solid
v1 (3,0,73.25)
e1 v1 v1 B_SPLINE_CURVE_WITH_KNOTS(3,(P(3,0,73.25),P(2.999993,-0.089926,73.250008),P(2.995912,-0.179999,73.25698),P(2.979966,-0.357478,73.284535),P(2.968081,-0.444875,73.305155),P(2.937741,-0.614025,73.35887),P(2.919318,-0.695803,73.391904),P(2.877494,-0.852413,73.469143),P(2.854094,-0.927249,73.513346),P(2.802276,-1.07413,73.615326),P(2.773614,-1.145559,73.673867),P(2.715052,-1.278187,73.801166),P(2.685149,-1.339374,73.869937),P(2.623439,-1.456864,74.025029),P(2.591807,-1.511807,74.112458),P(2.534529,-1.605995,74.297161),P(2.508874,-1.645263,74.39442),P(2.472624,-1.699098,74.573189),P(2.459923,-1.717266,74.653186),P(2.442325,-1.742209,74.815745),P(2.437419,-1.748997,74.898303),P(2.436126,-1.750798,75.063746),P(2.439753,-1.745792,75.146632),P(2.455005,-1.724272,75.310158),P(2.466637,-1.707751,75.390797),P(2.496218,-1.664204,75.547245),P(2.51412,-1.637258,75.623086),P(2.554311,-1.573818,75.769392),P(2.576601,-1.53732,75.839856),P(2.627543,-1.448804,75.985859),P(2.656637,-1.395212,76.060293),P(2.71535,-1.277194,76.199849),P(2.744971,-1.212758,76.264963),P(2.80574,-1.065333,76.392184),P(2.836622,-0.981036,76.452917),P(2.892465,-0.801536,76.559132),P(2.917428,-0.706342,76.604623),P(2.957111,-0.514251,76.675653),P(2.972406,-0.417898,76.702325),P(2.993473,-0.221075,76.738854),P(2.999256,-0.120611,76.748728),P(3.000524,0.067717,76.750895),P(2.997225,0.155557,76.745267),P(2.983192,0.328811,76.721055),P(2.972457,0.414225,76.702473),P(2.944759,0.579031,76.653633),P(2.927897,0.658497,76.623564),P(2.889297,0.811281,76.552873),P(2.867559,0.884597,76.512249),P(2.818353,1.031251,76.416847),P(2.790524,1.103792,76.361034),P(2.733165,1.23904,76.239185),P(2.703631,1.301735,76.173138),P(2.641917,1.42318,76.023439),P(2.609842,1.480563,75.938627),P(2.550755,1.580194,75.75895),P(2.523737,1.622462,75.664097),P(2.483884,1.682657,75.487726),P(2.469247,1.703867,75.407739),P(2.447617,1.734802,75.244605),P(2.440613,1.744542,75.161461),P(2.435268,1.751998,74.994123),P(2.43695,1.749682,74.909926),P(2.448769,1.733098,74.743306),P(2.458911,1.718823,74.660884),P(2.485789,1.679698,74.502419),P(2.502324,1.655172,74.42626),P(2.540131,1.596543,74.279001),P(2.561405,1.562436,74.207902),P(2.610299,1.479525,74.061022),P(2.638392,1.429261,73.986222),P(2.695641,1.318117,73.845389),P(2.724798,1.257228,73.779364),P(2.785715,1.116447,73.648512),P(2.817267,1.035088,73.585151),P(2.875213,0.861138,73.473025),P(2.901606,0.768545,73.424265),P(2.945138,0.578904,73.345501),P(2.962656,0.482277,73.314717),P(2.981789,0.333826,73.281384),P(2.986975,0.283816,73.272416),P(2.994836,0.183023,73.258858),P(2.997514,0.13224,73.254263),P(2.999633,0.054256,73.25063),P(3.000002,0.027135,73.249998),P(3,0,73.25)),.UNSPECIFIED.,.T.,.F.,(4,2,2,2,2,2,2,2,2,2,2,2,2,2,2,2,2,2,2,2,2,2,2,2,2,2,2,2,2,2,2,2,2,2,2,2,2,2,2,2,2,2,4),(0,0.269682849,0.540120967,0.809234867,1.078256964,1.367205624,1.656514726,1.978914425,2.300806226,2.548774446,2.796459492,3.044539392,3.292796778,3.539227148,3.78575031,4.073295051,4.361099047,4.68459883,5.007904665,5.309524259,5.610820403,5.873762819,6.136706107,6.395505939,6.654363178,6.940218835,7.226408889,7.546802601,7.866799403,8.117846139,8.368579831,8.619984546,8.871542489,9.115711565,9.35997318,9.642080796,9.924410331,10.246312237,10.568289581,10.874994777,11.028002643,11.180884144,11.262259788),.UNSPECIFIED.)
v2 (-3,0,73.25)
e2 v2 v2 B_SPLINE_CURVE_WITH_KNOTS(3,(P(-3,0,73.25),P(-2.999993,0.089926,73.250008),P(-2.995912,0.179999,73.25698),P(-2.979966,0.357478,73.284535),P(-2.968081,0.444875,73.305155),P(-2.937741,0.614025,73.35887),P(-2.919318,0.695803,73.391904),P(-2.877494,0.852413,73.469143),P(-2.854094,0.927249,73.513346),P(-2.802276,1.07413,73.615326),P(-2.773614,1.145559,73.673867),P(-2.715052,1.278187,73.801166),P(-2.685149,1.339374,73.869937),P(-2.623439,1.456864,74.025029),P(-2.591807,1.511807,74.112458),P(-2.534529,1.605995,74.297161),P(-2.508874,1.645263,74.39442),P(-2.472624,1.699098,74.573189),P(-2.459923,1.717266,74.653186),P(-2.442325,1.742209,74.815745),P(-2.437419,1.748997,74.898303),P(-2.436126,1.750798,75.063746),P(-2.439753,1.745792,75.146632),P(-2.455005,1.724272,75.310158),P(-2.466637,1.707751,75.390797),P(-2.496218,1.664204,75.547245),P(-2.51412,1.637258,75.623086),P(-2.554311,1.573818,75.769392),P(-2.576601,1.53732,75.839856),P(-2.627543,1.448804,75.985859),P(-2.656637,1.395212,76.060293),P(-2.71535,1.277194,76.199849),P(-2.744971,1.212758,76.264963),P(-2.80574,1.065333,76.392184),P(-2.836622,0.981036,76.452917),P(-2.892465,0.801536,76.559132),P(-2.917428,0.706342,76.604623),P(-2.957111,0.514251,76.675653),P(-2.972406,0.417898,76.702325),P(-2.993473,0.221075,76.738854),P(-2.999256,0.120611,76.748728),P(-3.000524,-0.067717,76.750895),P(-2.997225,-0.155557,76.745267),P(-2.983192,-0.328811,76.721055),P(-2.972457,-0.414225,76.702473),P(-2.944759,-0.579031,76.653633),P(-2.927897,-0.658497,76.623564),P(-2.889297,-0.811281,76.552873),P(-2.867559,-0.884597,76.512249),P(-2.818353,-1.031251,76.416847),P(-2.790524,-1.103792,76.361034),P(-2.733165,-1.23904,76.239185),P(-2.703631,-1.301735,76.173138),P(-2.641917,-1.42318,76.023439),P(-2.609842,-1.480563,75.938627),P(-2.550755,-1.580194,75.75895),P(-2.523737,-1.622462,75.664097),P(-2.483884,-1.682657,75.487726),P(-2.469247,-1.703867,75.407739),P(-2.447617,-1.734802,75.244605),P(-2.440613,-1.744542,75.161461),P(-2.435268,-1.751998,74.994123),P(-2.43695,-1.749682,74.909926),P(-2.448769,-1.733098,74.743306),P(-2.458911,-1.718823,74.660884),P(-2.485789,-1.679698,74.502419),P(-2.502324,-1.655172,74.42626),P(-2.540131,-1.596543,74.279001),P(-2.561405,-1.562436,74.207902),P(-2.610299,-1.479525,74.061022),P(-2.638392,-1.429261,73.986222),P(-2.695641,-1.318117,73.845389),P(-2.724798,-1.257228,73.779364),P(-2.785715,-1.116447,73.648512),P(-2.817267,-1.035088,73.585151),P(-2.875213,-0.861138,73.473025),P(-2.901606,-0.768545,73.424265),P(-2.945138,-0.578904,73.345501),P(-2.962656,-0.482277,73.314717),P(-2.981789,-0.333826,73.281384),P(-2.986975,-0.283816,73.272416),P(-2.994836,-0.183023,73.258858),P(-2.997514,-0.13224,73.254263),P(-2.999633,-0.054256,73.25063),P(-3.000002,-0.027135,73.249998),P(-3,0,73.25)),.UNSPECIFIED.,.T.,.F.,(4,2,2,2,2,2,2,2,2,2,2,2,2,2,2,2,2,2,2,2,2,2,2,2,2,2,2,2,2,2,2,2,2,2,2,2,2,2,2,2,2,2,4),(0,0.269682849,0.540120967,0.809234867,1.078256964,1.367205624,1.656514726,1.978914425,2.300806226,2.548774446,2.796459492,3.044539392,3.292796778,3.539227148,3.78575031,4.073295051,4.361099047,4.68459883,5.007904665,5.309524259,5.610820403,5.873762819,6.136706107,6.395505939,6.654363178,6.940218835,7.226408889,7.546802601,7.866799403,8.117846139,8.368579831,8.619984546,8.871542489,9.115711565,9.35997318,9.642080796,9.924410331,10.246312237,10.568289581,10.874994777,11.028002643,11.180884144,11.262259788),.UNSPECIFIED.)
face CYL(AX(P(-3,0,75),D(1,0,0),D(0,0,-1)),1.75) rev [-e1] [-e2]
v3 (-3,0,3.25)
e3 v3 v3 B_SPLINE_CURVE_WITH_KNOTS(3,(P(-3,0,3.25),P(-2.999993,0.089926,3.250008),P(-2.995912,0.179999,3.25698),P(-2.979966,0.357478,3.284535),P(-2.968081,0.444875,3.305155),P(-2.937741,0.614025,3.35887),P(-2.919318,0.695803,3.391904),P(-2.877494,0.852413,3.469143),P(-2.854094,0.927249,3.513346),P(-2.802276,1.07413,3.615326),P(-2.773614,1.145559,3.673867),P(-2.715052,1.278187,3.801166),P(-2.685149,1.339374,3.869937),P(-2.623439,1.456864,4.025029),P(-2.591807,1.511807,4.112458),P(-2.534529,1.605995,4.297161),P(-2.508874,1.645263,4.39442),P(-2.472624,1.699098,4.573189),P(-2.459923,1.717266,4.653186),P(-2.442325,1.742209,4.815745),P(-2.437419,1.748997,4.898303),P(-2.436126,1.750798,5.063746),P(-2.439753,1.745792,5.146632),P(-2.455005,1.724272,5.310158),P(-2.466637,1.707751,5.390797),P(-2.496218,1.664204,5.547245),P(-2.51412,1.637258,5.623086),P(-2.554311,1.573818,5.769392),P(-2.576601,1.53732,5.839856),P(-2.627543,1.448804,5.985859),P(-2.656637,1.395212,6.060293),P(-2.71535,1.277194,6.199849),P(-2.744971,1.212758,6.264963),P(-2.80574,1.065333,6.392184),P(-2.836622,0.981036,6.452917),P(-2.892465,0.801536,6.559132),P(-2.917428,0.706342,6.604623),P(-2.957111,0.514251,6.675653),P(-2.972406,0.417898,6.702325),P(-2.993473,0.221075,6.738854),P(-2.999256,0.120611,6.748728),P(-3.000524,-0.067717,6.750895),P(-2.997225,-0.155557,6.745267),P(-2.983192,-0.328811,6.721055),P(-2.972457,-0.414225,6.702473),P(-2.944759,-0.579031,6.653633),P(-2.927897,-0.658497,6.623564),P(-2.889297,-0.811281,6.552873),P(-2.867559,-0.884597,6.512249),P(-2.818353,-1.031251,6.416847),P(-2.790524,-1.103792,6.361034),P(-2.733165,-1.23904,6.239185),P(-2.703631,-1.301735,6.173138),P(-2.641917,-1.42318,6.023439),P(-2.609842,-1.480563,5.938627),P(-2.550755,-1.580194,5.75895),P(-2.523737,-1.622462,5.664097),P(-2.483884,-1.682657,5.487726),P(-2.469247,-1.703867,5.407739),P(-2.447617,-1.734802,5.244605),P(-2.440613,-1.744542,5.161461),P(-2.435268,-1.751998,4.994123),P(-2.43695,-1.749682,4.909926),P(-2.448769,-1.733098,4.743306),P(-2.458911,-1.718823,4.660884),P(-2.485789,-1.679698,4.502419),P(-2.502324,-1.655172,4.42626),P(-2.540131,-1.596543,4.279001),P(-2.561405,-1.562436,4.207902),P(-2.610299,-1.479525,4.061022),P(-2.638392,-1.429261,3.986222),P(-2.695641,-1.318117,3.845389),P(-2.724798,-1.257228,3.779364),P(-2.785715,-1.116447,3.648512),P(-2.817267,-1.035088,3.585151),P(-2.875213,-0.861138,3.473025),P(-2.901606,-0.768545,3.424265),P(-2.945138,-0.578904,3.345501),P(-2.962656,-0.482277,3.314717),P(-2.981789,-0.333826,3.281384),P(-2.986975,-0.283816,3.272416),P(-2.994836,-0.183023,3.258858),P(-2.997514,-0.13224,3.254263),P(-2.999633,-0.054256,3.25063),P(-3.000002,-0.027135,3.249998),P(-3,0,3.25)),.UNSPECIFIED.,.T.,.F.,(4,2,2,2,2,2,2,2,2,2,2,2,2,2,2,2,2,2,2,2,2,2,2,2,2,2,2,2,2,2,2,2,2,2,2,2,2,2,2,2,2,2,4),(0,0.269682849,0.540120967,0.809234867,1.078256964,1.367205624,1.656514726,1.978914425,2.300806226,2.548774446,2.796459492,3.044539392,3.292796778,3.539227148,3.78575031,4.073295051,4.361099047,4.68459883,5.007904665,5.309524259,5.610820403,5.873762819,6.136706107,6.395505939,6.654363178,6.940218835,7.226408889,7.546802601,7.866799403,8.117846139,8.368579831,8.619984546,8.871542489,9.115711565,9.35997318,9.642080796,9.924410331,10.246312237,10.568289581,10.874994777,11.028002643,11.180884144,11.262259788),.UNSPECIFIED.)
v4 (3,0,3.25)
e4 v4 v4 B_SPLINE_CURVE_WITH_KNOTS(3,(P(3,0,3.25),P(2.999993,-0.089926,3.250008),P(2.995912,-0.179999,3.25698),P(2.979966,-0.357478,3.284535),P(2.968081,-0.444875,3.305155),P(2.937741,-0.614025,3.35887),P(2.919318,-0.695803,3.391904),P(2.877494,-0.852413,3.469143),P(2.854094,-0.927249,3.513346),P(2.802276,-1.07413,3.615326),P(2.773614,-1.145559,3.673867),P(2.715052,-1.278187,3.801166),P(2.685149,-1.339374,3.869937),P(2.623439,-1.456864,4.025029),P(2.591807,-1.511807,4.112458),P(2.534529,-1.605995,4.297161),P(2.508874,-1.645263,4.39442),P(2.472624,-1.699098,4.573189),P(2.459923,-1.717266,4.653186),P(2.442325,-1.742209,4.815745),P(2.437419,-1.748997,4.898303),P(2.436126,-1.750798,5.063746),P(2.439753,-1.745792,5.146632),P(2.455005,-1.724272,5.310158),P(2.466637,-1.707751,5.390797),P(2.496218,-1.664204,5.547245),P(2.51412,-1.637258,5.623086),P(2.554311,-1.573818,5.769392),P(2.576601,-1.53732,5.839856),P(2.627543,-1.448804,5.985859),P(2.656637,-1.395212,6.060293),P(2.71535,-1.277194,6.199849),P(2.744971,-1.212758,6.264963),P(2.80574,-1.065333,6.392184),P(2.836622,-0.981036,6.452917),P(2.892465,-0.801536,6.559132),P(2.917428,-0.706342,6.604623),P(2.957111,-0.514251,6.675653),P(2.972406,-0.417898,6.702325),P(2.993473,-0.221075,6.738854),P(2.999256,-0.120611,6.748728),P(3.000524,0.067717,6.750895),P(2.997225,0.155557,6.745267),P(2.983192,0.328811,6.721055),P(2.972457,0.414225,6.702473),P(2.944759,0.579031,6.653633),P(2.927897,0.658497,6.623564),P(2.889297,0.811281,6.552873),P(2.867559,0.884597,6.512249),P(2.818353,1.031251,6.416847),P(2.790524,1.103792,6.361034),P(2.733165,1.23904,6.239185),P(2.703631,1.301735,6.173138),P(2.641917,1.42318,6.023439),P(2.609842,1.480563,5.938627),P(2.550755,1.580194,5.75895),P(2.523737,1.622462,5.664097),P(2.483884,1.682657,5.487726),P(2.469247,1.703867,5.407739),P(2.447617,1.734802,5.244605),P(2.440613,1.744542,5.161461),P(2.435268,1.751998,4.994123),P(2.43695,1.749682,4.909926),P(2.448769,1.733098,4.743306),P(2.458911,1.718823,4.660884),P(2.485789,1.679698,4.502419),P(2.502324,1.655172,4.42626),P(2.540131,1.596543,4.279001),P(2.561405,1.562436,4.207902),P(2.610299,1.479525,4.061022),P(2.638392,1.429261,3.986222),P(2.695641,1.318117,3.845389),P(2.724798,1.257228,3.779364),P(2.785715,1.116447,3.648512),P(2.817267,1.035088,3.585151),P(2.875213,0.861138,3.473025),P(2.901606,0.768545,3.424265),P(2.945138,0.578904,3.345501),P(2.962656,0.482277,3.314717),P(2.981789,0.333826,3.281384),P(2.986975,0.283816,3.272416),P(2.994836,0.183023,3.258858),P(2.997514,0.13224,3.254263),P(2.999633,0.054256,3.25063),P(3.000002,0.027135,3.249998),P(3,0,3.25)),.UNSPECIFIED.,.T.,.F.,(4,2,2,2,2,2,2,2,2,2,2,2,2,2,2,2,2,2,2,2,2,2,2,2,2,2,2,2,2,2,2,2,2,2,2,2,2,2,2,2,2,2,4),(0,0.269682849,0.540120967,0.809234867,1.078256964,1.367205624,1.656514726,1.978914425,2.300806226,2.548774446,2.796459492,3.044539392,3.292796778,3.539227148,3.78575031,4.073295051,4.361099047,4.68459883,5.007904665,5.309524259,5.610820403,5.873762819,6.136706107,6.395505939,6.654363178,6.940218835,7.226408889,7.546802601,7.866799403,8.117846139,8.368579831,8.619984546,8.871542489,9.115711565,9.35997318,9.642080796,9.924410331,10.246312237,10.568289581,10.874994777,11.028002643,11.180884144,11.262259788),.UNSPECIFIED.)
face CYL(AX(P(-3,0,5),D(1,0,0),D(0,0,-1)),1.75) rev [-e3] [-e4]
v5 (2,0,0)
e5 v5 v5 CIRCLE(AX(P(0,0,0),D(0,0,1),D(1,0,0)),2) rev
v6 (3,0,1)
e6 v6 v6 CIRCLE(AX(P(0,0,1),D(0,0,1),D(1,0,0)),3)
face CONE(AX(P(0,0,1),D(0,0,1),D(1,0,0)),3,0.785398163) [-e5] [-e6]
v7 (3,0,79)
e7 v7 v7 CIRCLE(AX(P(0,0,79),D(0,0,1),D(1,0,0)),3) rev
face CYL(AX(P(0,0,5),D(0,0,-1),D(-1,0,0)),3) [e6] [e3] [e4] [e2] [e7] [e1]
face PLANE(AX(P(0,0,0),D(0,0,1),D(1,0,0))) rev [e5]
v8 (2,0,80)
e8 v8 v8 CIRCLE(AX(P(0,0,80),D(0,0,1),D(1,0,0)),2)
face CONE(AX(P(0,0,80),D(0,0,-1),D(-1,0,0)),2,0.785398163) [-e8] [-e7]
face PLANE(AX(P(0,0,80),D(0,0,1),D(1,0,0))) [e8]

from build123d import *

# Parameters (mm, degrees)
SKETCH_1_R          = 3
EXTRUDE_1_DEPTH     = 5
SKETCH_2_R          = 3
EXTRUDE_2_DEPTH     = 75
SKETCH_3_R          = 1.75
CUT_EXTRUDE_1_DEPTH = 81.280757346
CHAMFER_1_SIZE      = 1


with BuildPart() as part:
    # Эскиз1 → Бобышка-Вытянуть1 (new body)
    with BuildSketch(Plane.XY):
        Circle(SKETCH_1_R)
    extrude(amount=EXTRUDE_1_DEPTH)

    # Эскиз2 → Бобышка-Вытянуть2 (add)
    with BuildSketch(Plane.XY.offset(5)):
        Circle(SKETCH_2_R)
    extrude(amount=EXTRUDE_2_DEPTH)

    # Эскиз3 → Вырез-Вытянуть1 (cut, through all)
    with BuildSketch(Plane(origin=(3, 0, 0), x_dir=(0, 0, -1), z_dir=(1, 0, 0))):
        with Locations((-75, 0)):
            Circle(SKETCH_3_R)
        with Locations((-5, 0)):
            Circle(SKETCH_3_R)
    extrude(amount=-CUT_EXTRUDE_1_DEPTH, mode=Mode.SUBTRACT)

    # Фаска1
    chamfer_1_edges = [part.edges().sort_by_distance(p)[0] for p in [
        (-3, 0, 0),
        (-3, 0, 80),
    ]]
    chamfer(chamfer_1_edges, length=CHAMFER_1_SIZE)


solid = part.part
